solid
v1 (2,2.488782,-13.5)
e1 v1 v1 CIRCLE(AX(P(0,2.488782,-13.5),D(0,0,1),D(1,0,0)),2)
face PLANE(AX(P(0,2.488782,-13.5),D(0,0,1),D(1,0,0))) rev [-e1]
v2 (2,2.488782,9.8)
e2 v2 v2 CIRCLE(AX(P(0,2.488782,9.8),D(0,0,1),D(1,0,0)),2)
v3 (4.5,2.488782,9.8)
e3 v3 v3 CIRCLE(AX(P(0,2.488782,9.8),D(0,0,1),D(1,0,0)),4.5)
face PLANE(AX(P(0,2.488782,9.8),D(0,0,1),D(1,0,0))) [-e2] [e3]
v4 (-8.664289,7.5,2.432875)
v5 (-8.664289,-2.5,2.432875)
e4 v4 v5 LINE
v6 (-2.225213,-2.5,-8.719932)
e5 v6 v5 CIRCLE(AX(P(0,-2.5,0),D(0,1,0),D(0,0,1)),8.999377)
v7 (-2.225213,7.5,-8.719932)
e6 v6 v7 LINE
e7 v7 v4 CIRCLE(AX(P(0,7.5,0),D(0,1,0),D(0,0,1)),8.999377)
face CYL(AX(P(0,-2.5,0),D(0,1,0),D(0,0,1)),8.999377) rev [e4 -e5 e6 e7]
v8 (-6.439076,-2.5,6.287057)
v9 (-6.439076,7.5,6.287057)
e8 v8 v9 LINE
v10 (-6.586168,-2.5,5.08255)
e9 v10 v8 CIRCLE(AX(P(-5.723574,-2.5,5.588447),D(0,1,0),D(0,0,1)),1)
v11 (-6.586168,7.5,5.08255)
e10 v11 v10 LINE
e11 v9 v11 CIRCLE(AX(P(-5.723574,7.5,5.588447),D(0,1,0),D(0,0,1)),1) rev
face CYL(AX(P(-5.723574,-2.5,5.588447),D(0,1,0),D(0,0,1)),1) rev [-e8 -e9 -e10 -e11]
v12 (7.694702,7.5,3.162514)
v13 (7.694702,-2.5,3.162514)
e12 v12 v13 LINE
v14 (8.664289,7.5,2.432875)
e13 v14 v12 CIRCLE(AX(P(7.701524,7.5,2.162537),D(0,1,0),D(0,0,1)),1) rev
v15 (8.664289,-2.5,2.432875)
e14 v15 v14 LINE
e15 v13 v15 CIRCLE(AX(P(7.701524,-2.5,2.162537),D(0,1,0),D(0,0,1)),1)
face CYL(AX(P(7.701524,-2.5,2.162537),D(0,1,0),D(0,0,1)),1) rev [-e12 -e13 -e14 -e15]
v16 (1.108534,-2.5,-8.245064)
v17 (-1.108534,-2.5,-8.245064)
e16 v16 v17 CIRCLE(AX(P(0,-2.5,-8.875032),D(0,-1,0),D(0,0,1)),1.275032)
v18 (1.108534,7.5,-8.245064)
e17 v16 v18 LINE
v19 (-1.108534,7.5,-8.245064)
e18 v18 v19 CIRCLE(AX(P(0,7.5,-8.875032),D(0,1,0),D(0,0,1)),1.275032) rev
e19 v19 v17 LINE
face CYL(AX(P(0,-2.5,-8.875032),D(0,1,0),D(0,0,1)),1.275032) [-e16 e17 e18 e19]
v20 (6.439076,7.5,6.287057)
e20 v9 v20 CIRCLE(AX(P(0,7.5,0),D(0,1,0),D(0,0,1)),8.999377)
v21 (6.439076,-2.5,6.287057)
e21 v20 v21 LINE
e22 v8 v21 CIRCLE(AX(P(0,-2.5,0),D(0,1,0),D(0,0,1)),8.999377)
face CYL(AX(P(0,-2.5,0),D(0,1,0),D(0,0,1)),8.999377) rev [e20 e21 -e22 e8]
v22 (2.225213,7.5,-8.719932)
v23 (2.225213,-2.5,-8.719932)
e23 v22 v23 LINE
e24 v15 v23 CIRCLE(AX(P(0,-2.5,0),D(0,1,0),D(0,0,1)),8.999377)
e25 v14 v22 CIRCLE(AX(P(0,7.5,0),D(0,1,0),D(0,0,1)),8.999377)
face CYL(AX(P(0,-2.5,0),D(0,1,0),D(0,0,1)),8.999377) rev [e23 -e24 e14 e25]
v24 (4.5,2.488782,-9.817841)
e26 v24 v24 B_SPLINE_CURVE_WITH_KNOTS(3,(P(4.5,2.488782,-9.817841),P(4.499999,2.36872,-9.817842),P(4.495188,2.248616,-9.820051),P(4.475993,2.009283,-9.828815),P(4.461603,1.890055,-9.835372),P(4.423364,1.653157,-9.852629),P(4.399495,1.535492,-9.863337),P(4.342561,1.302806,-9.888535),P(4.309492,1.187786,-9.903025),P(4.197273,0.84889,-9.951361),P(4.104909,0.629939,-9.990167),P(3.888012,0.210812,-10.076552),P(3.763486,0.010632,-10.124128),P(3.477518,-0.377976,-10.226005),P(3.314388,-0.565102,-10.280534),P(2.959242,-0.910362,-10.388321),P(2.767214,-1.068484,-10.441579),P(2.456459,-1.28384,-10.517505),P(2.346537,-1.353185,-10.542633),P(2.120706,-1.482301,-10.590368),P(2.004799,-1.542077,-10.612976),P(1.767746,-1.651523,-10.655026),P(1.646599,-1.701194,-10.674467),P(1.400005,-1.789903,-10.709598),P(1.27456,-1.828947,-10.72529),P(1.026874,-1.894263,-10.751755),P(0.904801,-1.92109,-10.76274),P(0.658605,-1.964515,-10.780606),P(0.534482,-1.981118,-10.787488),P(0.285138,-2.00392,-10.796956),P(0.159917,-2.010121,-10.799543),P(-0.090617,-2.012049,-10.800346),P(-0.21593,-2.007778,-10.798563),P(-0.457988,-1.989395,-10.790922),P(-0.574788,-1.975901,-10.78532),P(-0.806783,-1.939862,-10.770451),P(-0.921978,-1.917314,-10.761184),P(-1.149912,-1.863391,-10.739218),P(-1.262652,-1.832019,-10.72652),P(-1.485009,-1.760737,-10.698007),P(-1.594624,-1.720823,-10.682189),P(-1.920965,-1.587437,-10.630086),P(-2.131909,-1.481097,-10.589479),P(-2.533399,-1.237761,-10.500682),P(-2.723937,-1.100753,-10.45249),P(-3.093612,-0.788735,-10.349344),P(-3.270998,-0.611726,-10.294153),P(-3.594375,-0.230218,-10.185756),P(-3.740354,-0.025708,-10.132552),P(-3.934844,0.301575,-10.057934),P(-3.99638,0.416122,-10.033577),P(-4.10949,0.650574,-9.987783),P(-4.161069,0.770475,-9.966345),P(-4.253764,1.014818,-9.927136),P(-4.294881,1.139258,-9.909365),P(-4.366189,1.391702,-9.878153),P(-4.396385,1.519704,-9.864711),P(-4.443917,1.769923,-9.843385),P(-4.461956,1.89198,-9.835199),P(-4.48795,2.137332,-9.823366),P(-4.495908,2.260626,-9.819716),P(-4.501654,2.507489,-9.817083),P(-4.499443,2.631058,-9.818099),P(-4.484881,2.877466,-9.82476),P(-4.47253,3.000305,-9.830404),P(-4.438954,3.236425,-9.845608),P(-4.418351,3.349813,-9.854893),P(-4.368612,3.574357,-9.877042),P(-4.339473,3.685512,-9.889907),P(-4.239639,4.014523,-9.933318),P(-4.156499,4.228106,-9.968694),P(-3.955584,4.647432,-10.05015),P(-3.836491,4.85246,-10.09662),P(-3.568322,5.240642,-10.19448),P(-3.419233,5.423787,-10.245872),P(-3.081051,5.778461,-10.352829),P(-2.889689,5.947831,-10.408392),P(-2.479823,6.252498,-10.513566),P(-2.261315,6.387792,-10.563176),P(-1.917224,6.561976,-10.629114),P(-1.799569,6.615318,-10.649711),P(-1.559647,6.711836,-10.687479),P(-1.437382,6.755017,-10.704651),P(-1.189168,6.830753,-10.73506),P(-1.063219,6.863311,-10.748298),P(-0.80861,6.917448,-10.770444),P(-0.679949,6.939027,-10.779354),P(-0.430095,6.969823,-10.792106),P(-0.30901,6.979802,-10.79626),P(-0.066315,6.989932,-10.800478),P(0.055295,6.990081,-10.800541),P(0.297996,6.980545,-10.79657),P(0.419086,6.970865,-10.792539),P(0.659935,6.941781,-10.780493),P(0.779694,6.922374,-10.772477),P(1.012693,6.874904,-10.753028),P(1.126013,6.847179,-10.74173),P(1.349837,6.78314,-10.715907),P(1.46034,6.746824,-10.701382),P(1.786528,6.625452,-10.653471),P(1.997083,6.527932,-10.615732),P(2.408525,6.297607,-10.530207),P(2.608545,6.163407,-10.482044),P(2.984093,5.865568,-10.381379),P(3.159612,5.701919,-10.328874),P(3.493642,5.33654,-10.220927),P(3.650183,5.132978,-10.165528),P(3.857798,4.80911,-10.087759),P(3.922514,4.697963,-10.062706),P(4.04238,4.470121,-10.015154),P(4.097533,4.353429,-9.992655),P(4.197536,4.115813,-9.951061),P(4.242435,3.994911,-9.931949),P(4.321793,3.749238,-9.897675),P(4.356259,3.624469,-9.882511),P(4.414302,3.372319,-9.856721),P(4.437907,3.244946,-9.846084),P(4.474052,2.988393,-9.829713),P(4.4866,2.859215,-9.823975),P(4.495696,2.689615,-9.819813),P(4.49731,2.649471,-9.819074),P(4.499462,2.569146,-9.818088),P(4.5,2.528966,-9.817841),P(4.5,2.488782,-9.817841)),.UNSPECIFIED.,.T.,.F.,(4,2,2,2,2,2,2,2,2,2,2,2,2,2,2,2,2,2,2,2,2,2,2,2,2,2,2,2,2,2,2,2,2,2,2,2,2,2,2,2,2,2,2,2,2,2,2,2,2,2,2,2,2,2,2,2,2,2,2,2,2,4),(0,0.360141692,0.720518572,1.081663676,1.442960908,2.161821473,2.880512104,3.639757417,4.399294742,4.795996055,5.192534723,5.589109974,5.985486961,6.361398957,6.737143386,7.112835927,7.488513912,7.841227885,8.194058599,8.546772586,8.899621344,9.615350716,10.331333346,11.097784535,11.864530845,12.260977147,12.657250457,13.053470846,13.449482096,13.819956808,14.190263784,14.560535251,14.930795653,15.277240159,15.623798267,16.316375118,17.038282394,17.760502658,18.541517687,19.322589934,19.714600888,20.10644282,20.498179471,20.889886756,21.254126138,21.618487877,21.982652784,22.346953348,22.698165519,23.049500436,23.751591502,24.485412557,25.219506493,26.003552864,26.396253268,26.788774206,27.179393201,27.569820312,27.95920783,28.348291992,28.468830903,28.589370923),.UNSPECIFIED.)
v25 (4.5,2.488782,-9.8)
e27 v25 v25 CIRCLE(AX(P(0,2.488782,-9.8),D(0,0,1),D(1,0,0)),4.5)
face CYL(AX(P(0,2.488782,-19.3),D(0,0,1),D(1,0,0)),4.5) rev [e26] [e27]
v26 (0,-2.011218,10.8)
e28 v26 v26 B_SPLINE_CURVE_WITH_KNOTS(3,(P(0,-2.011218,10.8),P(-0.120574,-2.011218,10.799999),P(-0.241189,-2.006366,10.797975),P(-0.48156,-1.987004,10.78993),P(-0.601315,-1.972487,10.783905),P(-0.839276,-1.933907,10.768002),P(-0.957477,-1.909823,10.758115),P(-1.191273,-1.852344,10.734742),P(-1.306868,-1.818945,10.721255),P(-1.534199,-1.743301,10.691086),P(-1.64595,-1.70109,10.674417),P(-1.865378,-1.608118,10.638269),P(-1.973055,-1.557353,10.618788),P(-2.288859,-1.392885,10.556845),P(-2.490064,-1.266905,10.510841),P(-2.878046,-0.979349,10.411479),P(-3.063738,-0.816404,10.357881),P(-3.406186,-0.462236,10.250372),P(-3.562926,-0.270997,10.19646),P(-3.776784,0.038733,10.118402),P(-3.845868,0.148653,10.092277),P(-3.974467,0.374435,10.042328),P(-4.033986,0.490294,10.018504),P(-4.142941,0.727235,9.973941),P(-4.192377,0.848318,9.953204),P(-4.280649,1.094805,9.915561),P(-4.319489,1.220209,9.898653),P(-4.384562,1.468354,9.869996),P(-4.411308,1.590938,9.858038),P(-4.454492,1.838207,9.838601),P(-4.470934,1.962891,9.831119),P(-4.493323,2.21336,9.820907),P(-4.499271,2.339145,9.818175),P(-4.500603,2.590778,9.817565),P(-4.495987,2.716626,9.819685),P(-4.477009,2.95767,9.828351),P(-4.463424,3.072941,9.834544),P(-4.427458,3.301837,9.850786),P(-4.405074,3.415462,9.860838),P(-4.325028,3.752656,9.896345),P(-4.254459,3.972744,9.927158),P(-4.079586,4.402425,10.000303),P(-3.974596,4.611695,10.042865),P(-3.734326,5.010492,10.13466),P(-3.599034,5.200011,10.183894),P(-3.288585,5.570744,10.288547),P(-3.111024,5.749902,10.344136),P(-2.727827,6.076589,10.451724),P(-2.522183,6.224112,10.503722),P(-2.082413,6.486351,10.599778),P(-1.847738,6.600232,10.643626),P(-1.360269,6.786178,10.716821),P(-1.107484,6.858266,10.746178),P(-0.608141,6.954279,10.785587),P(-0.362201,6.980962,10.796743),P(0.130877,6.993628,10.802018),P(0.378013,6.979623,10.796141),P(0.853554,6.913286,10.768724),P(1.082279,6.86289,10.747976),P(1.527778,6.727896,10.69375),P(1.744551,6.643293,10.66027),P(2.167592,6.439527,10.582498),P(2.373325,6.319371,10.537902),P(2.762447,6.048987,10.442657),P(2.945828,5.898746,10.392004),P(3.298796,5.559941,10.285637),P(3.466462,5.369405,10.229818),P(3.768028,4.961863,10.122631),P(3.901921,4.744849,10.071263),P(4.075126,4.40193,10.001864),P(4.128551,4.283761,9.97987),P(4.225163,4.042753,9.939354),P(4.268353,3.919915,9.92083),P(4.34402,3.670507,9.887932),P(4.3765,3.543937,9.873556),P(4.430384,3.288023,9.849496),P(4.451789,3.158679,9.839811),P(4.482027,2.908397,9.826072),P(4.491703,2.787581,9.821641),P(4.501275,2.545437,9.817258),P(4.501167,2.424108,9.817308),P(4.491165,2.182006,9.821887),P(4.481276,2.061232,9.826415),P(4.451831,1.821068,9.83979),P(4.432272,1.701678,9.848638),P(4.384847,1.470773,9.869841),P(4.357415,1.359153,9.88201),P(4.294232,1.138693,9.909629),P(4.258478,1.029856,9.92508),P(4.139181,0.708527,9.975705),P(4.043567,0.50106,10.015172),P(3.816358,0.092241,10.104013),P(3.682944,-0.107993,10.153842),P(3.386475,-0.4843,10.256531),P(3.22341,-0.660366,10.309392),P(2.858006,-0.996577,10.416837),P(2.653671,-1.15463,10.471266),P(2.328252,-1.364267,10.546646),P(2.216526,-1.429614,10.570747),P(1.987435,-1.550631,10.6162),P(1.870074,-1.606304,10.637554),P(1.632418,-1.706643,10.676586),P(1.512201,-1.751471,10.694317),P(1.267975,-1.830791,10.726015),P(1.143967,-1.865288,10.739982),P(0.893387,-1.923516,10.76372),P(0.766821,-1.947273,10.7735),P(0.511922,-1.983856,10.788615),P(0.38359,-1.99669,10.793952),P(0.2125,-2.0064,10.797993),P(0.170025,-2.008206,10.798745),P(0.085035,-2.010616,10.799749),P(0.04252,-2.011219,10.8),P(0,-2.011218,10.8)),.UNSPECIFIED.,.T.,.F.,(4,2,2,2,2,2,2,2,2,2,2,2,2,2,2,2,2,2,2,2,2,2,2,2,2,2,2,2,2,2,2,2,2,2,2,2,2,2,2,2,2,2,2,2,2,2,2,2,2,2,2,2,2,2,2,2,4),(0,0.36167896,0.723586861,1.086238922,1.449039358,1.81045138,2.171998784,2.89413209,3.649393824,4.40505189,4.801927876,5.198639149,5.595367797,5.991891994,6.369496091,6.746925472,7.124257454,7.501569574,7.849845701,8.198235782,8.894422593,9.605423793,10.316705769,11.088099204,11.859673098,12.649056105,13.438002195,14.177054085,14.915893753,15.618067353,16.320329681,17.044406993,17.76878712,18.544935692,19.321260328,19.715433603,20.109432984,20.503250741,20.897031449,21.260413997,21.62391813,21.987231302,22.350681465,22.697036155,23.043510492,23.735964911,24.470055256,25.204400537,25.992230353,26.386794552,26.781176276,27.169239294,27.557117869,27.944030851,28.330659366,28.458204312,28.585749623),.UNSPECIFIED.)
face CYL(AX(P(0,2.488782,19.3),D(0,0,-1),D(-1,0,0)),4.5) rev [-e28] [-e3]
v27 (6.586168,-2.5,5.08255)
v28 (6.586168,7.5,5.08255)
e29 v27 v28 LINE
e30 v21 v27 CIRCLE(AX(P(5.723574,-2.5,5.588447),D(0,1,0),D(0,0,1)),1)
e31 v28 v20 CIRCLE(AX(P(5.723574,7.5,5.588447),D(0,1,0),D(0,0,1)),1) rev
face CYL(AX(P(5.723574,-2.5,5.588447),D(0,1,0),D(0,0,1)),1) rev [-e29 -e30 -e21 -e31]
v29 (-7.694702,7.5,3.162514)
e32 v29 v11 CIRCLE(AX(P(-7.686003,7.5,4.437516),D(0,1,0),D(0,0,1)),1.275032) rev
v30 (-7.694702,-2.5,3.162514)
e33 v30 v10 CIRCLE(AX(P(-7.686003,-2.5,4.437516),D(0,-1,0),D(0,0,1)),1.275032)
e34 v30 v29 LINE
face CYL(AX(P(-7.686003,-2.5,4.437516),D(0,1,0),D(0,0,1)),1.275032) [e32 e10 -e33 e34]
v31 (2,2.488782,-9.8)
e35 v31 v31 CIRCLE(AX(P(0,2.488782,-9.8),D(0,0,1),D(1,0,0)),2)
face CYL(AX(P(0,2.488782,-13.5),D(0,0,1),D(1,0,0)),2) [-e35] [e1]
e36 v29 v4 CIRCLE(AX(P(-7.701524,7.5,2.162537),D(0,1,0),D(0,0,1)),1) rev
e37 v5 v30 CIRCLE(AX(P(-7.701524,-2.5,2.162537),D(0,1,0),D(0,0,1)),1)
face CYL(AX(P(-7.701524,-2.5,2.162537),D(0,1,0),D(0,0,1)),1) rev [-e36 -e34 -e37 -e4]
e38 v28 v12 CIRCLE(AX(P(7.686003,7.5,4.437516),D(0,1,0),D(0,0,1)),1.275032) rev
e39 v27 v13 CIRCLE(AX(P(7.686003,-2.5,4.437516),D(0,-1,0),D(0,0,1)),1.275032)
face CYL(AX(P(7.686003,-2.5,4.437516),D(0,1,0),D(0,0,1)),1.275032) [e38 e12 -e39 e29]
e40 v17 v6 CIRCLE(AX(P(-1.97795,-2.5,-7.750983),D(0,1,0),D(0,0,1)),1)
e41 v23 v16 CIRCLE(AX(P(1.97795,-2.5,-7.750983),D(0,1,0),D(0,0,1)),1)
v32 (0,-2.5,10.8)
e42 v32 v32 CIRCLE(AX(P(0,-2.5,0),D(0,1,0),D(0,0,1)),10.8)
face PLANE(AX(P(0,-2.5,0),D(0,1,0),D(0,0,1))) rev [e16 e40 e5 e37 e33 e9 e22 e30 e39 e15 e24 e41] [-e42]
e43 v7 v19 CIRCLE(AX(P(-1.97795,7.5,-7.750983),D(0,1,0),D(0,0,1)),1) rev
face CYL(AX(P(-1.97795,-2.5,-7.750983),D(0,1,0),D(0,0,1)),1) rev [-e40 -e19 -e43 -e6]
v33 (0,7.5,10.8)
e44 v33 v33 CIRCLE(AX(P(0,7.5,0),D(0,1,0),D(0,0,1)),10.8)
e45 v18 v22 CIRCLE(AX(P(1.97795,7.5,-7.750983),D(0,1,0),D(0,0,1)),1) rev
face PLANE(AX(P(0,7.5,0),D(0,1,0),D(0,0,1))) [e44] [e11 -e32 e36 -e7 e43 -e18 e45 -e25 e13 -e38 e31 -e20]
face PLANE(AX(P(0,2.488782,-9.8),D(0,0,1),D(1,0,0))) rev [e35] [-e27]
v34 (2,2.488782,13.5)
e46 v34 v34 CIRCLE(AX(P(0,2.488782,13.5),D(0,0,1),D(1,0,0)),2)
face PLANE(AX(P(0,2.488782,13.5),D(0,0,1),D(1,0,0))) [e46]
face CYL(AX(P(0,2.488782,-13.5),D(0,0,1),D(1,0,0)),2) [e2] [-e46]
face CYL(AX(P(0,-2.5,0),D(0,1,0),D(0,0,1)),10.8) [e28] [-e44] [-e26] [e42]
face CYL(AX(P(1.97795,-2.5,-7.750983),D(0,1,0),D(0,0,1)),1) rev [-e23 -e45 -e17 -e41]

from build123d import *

# Parameters (mm, degrees)
BOSS_EXTRUDE1_DEPTH      = 7.5
BOSS_EXTRUDE1_DEPTH_BACK = 2.5
SKETCH1_R                = 10.8
SKETCH1_R_2              = 7.6
BOSS_EXTRUDE2_DEPTH      = 13.5
BOSS_EXTRUDE2_DEPTH_BACK = 13.5
SKETCH2_R                = 2
SKETCH3_R                = 7.25
CUT_EXTRUDE1_DEPTH       = 14
SKETCH4_R                = 7
CUT_EXTRUDE2_DEPTH       = 10
FILLET2_R                = 1
CUT_EXTRUDE3_START       = -9.8
SKETCH5_R                = 4.5
SKETCH5_R_2              = 2
CUT_EXTRUDE3_DEPTH       = 9.5
CUT_EXTRUDE4_START       = 19.3
SKETCH6_R                = 4.5
SKETCH6_R_2              = 2
CUT_EXTRUDE4_DEPTH       = 9.5


with BuildPart() as part:
    # Sketch1 → Boss-Extrude1 (new, two sides: drawn at the far end of the back side and taken through both)
    with BuildSketch(Plane(origin=(0, 0, 0), x_dir=(1, 0, 0), z_dir=(0, 1, 0)).offset(-BOSS_EXTRUDE1_DEPTH_BACK)):
        with Locations(Location((0, 0, 0), (0, 0, 270))):
            Circle(SKETCH1_R)
        with Locations(Location((0, 0, 0), (0, 0, 270))):
            Circle(SKETCH1_R_2, mode=Mode.SUBTRACT)
    extrude(amount=BOSS_EXTRUDE1_DEPTH + BOSS_EXTRUDE1_DEPTH_BACK)

    # Sketch2 → Boss-Extrude2 (add, two sides: drawn at the far end of the back side and taken through both)
    with BuildSketch(Plane.XY.offset(-BOSS_EXTRUDE2_DEPTH_BACK)):
        with Locations((0, 2.488781623)):
            Circle(SKETCH2_R)
    extrude(amount=BOSS_EXTRUDE2_DEPTH + BOSS_EXTRUDE2_DEPTH_BACK)

    # Sketch3 → Cut-Extrude1 (cut)
    with BuildSketch(Plane(origin=(0, 7.5, 0), x_dir=(1, 0, 0), z_dir=(0, 1, 0))):
        Circle(SKETCH3_R)
    extrude(amount=-CUT_EXTRUDE1_DEPTH, mode=Mode.SUBTRACT)

    # Sketch4 → Cut-Extrude2 (cut)
    with BuildSketch(Plane(origin=(0, 7.5, 0), x_dir=(1, 0, 0), z_dir=(0, 1, 0))):
        with BuildLine():
            ThreePointArc((-1.274588785, 8.908659182), (0, 7.6), (1.274588785, 8.908659182))
            ThreePointArc((1.274588785, 8.908659182), (7.793689033, 4.499688461), (8.352419558, -3.350503324))
            ThreePointArc((8.352419558, -3.350503324), (6.581793069, -3.8), (7.077830773, -5.558155858))
            ThreePointArc((7.077830773, -5.558155858), (0, -8.999376922), (-7.077830773, -5.558155858))
            ThreePointArc((-7.077830773, -5.558155858), (-6.581793069, -3.8), (-8.352419558, -3.350503324))
            ThreePointArc((-8.352419558, -3.350503324), (-7.793689033, 4.499688461), (-1.274588785, 8.908659182))
        make_face()
        Circle(SKETCH4_R, mode=Mode.SUBTRACT)
    extrude(amount=-CUT_EXTRUDE2_DEPTH, mode=Mode.SUBTRACT)

    # Fillet2
    fillet2_edges = [part.edges().sort_by_distance(p)[0] for p in [
        (-8.352419558, 2.5, 3.350503324),
        (-1.274588785, 2.5, -8.908659182),
        (1.274588785, 2.5, -8.908659182),
        (8.352419558, 2.5, 3.350503324),
        (7.077830773, 2.5, 5.558155858),
        (-7.077830773, 2.5, 5.558155858),
    ]]
    fillet(fillet2_edges, radius=FILLET2_R)

    # Sketch5 → Cut-Extrude3 (cut)
    with BuildSketch(Plane.XY.offset(CUT_EXTRUDE3_START)):
        with Locations((0, 2.488781623)):
            Circle(SKETCH5_R)
        with Locations((0, 2.488781623)):
            Circle(SKETCH5_R_2, mode=Mode.SUBTRACT)
    extrude(amount=-CUT_EXTRUDE3_DEPTH, mode=Mode.SUBTRACT)

    # Sketch6 → Cut-Extrude4 (cut)
    with BuildSketch(Plane.XY.offset(CUT_EXTRUDE4_START)):
        with Locations((0, 2.488781623)):
            Circle(SKETCH6_R)
        with Locations((0, 2.488781623)):
            Circle(SKETCH6_R_2, mode=Mode.SUBTRACT)
    extrude(amount=-CUT_EXTRUDE4_DEPTH, mode=Mode.SUBTRACT)


solid = part.part
